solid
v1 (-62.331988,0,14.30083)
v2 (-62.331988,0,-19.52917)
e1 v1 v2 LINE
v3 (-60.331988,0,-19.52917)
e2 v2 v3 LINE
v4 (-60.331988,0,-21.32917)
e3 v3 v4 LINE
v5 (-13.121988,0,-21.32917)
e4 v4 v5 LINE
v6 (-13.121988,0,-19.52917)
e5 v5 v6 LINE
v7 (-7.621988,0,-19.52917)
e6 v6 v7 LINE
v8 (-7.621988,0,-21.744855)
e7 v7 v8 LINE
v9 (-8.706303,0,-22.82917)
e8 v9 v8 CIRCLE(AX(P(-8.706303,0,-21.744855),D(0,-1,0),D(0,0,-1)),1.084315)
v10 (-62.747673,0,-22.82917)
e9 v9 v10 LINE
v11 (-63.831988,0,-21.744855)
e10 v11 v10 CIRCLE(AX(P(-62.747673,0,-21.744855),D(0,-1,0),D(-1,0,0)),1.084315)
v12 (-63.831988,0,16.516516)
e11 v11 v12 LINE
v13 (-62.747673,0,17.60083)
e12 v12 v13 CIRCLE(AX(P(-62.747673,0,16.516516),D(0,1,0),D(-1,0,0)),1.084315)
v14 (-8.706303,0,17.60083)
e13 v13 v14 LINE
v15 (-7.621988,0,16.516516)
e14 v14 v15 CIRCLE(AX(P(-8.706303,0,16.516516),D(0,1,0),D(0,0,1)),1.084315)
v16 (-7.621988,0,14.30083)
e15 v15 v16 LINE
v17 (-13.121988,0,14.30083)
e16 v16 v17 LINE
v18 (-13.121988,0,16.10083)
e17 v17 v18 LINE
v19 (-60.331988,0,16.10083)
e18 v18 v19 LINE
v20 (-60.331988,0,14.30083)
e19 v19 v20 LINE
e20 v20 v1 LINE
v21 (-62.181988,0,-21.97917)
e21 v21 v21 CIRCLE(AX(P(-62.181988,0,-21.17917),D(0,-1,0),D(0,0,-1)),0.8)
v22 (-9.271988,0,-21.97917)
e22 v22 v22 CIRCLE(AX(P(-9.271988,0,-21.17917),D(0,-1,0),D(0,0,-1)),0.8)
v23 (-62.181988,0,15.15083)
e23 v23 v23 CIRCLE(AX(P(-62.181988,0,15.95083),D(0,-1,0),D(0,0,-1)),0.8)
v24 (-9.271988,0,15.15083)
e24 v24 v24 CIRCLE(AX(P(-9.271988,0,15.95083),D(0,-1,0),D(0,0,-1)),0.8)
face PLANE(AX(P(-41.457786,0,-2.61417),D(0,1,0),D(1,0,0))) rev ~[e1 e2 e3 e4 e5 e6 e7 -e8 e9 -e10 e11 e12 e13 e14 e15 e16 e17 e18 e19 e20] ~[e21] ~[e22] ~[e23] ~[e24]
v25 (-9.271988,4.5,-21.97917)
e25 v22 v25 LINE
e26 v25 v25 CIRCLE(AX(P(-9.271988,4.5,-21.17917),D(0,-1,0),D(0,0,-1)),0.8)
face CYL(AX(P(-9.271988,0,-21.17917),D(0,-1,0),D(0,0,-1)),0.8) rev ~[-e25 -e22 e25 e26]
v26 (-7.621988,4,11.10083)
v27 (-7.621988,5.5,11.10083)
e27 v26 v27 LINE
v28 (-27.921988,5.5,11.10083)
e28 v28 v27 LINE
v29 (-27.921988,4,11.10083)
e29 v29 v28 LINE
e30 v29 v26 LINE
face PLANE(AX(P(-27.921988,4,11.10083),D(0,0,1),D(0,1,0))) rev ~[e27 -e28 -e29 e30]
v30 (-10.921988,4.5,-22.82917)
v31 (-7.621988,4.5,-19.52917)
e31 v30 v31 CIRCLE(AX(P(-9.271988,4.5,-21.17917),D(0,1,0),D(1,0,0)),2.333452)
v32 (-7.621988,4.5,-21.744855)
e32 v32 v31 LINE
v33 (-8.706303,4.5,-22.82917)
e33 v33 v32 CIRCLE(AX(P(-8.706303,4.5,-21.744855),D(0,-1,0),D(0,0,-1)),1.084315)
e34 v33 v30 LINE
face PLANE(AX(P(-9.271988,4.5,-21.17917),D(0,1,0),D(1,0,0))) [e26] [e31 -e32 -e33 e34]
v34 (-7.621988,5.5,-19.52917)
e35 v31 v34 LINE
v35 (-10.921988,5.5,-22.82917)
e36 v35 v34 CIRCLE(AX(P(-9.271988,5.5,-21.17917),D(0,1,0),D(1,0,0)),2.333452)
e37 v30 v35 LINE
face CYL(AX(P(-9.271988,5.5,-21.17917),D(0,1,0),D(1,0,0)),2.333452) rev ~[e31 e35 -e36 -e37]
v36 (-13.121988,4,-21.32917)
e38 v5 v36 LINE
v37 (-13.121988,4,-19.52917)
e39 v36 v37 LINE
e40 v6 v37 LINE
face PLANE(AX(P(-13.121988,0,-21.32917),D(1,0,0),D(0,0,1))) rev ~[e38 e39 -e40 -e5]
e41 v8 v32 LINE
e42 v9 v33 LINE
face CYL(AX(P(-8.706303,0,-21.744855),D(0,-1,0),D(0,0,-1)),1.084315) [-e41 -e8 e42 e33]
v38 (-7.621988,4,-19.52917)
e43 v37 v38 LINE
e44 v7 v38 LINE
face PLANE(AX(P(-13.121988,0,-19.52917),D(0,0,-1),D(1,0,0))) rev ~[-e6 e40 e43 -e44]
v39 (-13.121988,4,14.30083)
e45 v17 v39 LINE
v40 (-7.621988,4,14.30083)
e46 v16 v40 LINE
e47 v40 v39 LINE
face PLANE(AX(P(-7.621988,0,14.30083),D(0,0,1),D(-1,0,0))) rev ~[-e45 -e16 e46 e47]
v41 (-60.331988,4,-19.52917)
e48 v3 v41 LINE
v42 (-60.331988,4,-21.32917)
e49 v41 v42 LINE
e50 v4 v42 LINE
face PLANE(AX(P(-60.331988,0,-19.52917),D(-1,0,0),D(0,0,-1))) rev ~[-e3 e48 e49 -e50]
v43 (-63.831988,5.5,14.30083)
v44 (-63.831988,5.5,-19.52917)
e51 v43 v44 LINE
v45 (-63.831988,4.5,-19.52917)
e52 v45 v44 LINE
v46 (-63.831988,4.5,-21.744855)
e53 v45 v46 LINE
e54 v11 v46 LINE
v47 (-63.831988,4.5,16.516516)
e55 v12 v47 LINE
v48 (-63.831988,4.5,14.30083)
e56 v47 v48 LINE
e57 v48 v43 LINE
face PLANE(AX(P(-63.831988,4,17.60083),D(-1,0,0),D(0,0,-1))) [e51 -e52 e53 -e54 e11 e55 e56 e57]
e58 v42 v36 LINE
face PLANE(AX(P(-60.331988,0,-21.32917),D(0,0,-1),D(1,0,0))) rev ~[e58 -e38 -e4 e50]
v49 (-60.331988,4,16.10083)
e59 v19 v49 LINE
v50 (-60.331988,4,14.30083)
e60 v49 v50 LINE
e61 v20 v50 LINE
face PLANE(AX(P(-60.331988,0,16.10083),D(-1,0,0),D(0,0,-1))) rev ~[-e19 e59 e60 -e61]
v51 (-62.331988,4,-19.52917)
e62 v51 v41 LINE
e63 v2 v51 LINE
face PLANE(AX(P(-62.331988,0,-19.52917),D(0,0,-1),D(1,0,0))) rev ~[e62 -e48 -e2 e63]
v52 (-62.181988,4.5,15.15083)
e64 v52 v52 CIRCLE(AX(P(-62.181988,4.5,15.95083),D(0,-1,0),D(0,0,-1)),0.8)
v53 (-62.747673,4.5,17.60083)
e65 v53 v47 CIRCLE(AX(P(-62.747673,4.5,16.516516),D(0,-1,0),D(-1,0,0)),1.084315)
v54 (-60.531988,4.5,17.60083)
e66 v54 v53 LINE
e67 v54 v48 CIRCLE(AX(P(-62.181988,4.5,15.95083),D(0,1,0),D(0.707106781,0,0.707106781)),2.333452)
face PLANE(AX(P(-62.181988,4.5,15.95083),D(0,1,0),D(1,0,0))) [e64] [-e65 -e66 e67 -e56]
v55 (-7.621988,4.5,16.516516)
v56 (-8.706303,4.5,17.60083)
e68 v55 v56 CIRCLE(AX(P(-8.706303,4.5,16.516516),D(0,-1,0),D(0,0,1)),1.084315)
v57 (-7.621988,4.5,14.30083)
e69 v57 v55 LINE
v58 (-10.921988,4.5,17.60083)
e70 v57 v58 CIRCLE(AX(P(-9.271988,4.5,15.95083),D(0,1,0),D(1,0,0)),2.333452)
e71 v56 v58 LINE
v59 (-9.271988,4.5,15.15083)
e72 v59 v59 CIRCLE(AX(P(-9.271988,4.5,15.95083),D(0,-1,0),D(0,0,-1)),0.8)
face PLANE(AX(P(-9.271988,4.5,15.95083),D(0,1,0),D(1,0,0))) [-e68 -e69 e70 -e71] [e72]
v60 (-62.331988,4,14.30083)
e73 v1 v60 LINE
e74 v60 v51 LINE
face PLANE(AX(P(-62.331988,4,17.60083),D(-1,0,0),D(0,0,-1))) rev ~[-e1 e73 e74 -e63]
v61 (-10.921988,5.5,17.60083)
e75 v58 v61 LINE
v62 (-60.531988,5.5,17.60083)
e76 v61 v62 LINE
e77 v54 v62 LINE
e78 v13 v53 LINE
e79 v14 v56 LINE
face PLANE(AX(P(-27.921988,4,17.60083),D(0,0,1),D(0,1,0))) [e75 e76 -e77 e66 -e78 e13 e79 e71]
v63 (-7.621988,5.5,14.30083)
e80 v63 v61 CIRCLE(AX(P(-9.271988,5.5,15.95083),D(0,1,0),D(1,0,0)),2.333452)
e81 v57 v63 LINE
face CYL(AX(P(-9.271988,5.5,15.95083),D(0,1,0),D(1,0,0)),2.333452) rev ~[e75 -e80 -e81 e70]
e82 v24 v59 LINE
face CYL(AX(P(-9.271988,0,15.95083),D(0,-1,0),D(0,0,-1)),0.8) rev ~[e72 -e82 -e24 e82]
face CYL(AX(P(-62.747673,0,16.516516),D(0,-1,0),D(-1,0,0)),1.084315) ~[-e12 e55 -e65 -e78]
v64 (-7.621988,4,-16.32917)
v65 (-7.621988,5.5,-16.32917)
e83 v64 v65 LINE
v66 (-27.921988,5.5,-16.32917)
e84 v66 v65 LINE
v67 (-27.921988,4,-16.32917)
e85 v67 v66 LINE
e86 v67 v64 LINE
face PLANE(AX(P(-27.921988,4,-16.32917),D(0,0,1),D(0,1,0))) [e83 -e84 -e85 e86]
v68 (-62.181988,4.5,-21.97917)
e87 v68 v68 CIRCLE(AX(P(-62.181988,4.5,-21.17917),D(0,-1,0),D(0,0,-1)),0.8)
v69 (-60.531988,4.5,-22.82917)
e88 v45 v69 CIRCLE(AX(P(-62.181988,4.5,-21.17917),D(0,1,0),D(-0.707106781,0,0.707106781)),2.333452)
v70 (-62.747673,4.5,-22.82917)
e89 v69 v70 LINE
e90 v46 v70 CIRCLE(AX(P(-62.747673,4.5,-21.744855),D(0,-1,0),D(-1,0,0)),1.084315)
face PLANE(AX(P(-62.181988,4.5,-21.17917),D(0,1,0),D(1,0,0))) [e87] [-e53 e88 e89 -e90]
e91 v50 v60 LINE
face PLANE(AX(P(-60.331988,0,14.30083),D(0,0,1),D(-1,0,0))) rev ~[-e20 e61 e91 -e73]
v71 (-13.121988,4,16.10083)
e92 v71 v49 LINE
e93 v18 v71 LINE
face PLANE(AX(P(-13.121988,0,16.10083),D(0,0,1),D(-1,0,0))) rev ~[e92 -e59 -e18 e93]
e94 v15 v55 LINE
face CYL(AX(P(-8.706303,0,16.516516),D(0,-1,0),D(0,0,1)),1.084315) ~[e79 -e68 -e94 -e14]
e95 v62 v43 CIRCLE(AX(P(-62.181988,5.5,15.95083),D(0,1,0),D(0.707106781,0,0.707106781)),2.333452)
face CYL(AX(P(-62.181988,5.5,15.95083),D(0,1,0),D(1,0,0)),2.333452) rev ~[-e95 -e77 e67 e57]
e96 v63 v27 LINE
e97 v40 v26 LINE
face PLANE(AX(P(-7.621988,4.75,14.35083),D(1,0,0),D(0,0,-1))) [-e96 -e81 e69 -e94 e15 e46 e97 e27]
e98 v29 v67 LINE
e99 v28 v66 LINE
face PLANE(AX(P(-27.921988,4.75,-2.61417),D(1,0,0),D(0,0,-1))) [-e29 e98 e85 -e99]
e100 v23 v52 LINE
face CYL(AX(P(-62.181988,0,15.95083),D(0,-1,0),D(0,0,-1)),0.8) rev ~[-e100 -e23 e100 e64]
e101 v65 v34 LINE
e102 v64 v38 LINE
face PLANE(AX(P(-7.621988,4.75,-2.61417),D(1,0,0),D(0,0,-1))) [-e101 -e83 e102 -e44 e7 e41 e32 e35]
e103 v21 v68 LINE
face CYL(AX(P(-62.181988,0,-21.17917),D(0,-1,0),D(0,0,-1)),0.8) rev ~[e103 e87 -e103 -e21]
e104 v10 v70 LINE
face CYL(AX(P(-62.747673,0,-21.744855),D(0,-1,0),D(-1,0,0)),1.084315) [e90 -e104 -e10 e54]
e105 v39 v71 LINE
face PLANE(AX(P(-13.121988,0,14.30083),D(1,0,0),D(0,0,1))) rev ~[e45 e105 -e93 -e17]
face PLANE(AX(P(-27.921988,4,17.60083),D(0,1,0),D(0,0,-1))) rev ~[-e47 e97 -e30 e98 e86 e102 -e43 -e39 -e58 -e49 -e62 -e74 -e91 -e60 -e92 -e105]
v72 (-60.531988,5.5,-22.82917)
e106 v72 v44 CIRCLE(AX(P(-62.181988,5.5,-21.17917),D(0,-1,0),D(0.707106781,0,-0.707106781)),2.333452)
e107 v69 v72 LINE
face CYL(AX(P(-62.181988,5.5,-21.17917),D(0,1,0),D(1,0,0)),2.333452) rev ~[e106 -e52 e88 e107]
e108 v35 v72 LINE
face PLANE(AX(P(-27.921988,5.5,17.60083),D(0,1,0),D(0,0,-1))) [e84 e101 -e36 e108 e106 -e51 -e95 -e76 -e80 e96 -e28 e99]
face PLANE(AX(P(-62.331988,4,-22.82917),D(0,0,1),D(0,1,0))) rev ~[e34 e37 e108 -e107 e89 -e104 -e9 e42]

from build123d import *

# Parameters (mm, degrees)
EXTRUDE_1_DEPTH     = 4
SKETCH_2_W          = 1.5
SKETCH_2_H          = 40.43
EXTRUDE_2_DEPTH     = 1.5
SKETCH_3_W          = 40.43
SKETCH_3_H          = 1.5
EXTRUDE_5_DEPTH     = 54.71
SKETCH_4_W          = 40.43
SKETCH_4_H          = 1.5
CUT_EXTRUDE_1_DEPTH = 20.3
SKETCH_5_W          = 6.5
SKETCH_5_H          = 1.5
EXTRUDE_6_DEPTH     = 20.3
SKETCH_6_R          = 0.8
CUT_EXTRUDE_2_DEPTH = 20.3
SKETCH_7_R          = 2.333452378
CUT_EXTRUDE_5_DEPTH = 1
CUT_EXTRUDE_6_DEPTH = 10


with BuildPart() as part:
    # 草图1 → 凸台-拉伸1 (new body)
    with BuildSketch(Plane(origin=(0, 0, 0), x_dir=(1, 0, 0), z_dir=(0, 1, 0))):
        Polygon((-13.121987947, 19.52916985), (-7.621987947, 19.52916985), (-7.621987947, 22.82916985), (-63.831987947, 22.82916985), (-63.831987947, -17.60083015), (-7.621987947, -17.60083015), (-7.621987947, -14.30083015), (-13.121987947, -14.30083015), (-13.121987947, -16.10083015), (-60.331987947, -16.10083015), (-60.331987947, -14.30083015), (-62.331987947, -14.30083015), (-62.331987947, 19.52916985), (-60.331987947, 19.52916985), (-60.331987947, 21.32916985), (-13.121987947, 21.32916985), align=None)
    extrude(amount=EXTRUDE_1_DEPTH)

    # 草图2 → 凸台-拉伸2 (add)
    with BuildSketch(Plane(origin=(0, 4, 0), x_dir=(1, 0, 0), z_dir=(0, 1, 0))):
        with Locations((-63.081987947, 2.61416985)):
            Rectangle(SKETCH_2_W, SKETCH_2_H)
    extrude(amount=EXTRUDE_2_DEPTH)

    # 草图3 → 凸台-拉伸5 (add)
    with BuildSketch(Plane(origin=(-62.331987947, 0, 0), x_dir=(0, 0, -1), z_dir=(1, 0, 0))):
        with Locations((2.61416985, 4.75)):
            Rectangle(SKETCH_3_W, SKETCH_3_H)
    extrude(amount=EXTRUDE_5_DEPTH)

    # 草图4 → 切除-拉伸1 (cut)
    with BuildSketch(Plane(origin=(-7.621987947, 0, 0), x_dir=(0, 0, -1), z_dir=(1, 0, 0))):
        with Locations((2.61416985, 4.75)):
            Rectangle(SKETCH_4_W, SKETCH_4_H)
    extrude(amount=-CUT_EXTRUDE_1_DEPTH, mode=Mode.SUBTRACT)

    # 草图5 → 凸台-拉伸6 (add)
    with BuildSketch(Plane(origin=(-27.921987947, 0, 0), x_dir=(0, 0, -1), z_dir=(1, 0, 0))):
        with Locations((-14.35083015, 4.75)):
            Rectangle(SKETCH_5_W, SKETCH_5_H)
        with Locations((19.57916985, 4.75)):
            Rectangle(SKETCH_5_W, SKETCH_5_H)
    extrude(amount=EXTRUDE_6_DEPTH)

    # 草图6 → 切除-拉伸2 (cut)
    with BuildSketch(Plane.XZ):
        with Locations(Location((-9.271987947, -21.17916985, 0), (0, 0, 270))):
            Circle(SKETCH_6_R)
        with Locations(Location((-9.271987947, 15.95083015, 0), (0, 0, 270))):
            Circle(SKETCH_6_R)
        with Locations(Location((-62.181987947, 15.95083015, 0), (0, 0, 270))):
            Circle(SKETCH_6_R)
        with Locations(Location((-62.181987947, -21.17916985, 0), (0, 0, 270))):
            Circle(SKETCH_6_R)
    extrude(amount=-CUT_EXTRUDE_2_DEPTH, mode=Mode.SUBTRACT)

    # 草图7 → 切除-拉伸5 (cut)
    with BuildSketch(Plane(origin=(0, 5.5, 0), x_dir=(1, 0, 0), z_dir=(0, 1, 0))):
        with Locations((-62.181987947, -15.95083015)):
            Circle(SKETCH_7_R)
        with Locations((-62.181987947, 21.17916985)):
            Circle(SKETCH_7_R)
        with Locations((-9.271987947, 21.17916985)):
            Circle(SKETCH_7_R)
        with Locations((-9.271987947, -15.95083015)):
            Circle(SKETCH_7_R)
    extrude(amount=-CUT_EXTRUDE_5_DEPTH, mode=Mode.SUBTRACT)

    # 草图9 → 切除-拉伸6 (cut)
    with BuildSketch(Plane.XZ):
        with BuildLine():
            Line((-62.747673372, -22.82916985), (-63.831987947, -22.82916985))
            Line((-63.831987947, -22.82916985), (-63.831987947, -21.744855275))
            ThreePointArc((-63.831987947, -21.744855275), (-63.514399561, -22.511581464), (-62.747673372, -22.82916985))
        make_face()
        with BuildLine():
            Line((-62.747673372, 17.60083015), (-63.831987947, 17.60083015))
            Line((-63.831987947, 17.60083015), (-63.831987947, 16.516515575))
            ThreePointArc((-63.831987947, 16.516515575), (-63.514399561, 17.283241764), (-62.747673372, 17.60083015))
        make_face()
        with BuildLine():
            Line((-7.621987947, 16.516515575), (-7.621987947, 17.60083015))
            Line((-7.621987947, 17.60083015), (-8.706302522, 17.60083015))
            ThreePointArc((-8.706302522, 17.60083015), (-7.939576333, 17.283241764), (-7.621987947, 16.516515575))
        make_face()
        with BuildLine():
            Line((-7.621987947, -21.744855275), (-7.621987947, -22.82916985))
            Line((-7.621987947, -22.82916985), (-8.706302522, -22.82916985))
            ThreePointArc((-8.706302522, -22.82916985), (-7.939576333, -22.511581464), (-7.621987947, -21.744855275))
        make_face()
    extrude(amount=-CUT_EXTRUDE_6_DEPTH, mode=Mode.SUBTRACT)


solid = part.part
